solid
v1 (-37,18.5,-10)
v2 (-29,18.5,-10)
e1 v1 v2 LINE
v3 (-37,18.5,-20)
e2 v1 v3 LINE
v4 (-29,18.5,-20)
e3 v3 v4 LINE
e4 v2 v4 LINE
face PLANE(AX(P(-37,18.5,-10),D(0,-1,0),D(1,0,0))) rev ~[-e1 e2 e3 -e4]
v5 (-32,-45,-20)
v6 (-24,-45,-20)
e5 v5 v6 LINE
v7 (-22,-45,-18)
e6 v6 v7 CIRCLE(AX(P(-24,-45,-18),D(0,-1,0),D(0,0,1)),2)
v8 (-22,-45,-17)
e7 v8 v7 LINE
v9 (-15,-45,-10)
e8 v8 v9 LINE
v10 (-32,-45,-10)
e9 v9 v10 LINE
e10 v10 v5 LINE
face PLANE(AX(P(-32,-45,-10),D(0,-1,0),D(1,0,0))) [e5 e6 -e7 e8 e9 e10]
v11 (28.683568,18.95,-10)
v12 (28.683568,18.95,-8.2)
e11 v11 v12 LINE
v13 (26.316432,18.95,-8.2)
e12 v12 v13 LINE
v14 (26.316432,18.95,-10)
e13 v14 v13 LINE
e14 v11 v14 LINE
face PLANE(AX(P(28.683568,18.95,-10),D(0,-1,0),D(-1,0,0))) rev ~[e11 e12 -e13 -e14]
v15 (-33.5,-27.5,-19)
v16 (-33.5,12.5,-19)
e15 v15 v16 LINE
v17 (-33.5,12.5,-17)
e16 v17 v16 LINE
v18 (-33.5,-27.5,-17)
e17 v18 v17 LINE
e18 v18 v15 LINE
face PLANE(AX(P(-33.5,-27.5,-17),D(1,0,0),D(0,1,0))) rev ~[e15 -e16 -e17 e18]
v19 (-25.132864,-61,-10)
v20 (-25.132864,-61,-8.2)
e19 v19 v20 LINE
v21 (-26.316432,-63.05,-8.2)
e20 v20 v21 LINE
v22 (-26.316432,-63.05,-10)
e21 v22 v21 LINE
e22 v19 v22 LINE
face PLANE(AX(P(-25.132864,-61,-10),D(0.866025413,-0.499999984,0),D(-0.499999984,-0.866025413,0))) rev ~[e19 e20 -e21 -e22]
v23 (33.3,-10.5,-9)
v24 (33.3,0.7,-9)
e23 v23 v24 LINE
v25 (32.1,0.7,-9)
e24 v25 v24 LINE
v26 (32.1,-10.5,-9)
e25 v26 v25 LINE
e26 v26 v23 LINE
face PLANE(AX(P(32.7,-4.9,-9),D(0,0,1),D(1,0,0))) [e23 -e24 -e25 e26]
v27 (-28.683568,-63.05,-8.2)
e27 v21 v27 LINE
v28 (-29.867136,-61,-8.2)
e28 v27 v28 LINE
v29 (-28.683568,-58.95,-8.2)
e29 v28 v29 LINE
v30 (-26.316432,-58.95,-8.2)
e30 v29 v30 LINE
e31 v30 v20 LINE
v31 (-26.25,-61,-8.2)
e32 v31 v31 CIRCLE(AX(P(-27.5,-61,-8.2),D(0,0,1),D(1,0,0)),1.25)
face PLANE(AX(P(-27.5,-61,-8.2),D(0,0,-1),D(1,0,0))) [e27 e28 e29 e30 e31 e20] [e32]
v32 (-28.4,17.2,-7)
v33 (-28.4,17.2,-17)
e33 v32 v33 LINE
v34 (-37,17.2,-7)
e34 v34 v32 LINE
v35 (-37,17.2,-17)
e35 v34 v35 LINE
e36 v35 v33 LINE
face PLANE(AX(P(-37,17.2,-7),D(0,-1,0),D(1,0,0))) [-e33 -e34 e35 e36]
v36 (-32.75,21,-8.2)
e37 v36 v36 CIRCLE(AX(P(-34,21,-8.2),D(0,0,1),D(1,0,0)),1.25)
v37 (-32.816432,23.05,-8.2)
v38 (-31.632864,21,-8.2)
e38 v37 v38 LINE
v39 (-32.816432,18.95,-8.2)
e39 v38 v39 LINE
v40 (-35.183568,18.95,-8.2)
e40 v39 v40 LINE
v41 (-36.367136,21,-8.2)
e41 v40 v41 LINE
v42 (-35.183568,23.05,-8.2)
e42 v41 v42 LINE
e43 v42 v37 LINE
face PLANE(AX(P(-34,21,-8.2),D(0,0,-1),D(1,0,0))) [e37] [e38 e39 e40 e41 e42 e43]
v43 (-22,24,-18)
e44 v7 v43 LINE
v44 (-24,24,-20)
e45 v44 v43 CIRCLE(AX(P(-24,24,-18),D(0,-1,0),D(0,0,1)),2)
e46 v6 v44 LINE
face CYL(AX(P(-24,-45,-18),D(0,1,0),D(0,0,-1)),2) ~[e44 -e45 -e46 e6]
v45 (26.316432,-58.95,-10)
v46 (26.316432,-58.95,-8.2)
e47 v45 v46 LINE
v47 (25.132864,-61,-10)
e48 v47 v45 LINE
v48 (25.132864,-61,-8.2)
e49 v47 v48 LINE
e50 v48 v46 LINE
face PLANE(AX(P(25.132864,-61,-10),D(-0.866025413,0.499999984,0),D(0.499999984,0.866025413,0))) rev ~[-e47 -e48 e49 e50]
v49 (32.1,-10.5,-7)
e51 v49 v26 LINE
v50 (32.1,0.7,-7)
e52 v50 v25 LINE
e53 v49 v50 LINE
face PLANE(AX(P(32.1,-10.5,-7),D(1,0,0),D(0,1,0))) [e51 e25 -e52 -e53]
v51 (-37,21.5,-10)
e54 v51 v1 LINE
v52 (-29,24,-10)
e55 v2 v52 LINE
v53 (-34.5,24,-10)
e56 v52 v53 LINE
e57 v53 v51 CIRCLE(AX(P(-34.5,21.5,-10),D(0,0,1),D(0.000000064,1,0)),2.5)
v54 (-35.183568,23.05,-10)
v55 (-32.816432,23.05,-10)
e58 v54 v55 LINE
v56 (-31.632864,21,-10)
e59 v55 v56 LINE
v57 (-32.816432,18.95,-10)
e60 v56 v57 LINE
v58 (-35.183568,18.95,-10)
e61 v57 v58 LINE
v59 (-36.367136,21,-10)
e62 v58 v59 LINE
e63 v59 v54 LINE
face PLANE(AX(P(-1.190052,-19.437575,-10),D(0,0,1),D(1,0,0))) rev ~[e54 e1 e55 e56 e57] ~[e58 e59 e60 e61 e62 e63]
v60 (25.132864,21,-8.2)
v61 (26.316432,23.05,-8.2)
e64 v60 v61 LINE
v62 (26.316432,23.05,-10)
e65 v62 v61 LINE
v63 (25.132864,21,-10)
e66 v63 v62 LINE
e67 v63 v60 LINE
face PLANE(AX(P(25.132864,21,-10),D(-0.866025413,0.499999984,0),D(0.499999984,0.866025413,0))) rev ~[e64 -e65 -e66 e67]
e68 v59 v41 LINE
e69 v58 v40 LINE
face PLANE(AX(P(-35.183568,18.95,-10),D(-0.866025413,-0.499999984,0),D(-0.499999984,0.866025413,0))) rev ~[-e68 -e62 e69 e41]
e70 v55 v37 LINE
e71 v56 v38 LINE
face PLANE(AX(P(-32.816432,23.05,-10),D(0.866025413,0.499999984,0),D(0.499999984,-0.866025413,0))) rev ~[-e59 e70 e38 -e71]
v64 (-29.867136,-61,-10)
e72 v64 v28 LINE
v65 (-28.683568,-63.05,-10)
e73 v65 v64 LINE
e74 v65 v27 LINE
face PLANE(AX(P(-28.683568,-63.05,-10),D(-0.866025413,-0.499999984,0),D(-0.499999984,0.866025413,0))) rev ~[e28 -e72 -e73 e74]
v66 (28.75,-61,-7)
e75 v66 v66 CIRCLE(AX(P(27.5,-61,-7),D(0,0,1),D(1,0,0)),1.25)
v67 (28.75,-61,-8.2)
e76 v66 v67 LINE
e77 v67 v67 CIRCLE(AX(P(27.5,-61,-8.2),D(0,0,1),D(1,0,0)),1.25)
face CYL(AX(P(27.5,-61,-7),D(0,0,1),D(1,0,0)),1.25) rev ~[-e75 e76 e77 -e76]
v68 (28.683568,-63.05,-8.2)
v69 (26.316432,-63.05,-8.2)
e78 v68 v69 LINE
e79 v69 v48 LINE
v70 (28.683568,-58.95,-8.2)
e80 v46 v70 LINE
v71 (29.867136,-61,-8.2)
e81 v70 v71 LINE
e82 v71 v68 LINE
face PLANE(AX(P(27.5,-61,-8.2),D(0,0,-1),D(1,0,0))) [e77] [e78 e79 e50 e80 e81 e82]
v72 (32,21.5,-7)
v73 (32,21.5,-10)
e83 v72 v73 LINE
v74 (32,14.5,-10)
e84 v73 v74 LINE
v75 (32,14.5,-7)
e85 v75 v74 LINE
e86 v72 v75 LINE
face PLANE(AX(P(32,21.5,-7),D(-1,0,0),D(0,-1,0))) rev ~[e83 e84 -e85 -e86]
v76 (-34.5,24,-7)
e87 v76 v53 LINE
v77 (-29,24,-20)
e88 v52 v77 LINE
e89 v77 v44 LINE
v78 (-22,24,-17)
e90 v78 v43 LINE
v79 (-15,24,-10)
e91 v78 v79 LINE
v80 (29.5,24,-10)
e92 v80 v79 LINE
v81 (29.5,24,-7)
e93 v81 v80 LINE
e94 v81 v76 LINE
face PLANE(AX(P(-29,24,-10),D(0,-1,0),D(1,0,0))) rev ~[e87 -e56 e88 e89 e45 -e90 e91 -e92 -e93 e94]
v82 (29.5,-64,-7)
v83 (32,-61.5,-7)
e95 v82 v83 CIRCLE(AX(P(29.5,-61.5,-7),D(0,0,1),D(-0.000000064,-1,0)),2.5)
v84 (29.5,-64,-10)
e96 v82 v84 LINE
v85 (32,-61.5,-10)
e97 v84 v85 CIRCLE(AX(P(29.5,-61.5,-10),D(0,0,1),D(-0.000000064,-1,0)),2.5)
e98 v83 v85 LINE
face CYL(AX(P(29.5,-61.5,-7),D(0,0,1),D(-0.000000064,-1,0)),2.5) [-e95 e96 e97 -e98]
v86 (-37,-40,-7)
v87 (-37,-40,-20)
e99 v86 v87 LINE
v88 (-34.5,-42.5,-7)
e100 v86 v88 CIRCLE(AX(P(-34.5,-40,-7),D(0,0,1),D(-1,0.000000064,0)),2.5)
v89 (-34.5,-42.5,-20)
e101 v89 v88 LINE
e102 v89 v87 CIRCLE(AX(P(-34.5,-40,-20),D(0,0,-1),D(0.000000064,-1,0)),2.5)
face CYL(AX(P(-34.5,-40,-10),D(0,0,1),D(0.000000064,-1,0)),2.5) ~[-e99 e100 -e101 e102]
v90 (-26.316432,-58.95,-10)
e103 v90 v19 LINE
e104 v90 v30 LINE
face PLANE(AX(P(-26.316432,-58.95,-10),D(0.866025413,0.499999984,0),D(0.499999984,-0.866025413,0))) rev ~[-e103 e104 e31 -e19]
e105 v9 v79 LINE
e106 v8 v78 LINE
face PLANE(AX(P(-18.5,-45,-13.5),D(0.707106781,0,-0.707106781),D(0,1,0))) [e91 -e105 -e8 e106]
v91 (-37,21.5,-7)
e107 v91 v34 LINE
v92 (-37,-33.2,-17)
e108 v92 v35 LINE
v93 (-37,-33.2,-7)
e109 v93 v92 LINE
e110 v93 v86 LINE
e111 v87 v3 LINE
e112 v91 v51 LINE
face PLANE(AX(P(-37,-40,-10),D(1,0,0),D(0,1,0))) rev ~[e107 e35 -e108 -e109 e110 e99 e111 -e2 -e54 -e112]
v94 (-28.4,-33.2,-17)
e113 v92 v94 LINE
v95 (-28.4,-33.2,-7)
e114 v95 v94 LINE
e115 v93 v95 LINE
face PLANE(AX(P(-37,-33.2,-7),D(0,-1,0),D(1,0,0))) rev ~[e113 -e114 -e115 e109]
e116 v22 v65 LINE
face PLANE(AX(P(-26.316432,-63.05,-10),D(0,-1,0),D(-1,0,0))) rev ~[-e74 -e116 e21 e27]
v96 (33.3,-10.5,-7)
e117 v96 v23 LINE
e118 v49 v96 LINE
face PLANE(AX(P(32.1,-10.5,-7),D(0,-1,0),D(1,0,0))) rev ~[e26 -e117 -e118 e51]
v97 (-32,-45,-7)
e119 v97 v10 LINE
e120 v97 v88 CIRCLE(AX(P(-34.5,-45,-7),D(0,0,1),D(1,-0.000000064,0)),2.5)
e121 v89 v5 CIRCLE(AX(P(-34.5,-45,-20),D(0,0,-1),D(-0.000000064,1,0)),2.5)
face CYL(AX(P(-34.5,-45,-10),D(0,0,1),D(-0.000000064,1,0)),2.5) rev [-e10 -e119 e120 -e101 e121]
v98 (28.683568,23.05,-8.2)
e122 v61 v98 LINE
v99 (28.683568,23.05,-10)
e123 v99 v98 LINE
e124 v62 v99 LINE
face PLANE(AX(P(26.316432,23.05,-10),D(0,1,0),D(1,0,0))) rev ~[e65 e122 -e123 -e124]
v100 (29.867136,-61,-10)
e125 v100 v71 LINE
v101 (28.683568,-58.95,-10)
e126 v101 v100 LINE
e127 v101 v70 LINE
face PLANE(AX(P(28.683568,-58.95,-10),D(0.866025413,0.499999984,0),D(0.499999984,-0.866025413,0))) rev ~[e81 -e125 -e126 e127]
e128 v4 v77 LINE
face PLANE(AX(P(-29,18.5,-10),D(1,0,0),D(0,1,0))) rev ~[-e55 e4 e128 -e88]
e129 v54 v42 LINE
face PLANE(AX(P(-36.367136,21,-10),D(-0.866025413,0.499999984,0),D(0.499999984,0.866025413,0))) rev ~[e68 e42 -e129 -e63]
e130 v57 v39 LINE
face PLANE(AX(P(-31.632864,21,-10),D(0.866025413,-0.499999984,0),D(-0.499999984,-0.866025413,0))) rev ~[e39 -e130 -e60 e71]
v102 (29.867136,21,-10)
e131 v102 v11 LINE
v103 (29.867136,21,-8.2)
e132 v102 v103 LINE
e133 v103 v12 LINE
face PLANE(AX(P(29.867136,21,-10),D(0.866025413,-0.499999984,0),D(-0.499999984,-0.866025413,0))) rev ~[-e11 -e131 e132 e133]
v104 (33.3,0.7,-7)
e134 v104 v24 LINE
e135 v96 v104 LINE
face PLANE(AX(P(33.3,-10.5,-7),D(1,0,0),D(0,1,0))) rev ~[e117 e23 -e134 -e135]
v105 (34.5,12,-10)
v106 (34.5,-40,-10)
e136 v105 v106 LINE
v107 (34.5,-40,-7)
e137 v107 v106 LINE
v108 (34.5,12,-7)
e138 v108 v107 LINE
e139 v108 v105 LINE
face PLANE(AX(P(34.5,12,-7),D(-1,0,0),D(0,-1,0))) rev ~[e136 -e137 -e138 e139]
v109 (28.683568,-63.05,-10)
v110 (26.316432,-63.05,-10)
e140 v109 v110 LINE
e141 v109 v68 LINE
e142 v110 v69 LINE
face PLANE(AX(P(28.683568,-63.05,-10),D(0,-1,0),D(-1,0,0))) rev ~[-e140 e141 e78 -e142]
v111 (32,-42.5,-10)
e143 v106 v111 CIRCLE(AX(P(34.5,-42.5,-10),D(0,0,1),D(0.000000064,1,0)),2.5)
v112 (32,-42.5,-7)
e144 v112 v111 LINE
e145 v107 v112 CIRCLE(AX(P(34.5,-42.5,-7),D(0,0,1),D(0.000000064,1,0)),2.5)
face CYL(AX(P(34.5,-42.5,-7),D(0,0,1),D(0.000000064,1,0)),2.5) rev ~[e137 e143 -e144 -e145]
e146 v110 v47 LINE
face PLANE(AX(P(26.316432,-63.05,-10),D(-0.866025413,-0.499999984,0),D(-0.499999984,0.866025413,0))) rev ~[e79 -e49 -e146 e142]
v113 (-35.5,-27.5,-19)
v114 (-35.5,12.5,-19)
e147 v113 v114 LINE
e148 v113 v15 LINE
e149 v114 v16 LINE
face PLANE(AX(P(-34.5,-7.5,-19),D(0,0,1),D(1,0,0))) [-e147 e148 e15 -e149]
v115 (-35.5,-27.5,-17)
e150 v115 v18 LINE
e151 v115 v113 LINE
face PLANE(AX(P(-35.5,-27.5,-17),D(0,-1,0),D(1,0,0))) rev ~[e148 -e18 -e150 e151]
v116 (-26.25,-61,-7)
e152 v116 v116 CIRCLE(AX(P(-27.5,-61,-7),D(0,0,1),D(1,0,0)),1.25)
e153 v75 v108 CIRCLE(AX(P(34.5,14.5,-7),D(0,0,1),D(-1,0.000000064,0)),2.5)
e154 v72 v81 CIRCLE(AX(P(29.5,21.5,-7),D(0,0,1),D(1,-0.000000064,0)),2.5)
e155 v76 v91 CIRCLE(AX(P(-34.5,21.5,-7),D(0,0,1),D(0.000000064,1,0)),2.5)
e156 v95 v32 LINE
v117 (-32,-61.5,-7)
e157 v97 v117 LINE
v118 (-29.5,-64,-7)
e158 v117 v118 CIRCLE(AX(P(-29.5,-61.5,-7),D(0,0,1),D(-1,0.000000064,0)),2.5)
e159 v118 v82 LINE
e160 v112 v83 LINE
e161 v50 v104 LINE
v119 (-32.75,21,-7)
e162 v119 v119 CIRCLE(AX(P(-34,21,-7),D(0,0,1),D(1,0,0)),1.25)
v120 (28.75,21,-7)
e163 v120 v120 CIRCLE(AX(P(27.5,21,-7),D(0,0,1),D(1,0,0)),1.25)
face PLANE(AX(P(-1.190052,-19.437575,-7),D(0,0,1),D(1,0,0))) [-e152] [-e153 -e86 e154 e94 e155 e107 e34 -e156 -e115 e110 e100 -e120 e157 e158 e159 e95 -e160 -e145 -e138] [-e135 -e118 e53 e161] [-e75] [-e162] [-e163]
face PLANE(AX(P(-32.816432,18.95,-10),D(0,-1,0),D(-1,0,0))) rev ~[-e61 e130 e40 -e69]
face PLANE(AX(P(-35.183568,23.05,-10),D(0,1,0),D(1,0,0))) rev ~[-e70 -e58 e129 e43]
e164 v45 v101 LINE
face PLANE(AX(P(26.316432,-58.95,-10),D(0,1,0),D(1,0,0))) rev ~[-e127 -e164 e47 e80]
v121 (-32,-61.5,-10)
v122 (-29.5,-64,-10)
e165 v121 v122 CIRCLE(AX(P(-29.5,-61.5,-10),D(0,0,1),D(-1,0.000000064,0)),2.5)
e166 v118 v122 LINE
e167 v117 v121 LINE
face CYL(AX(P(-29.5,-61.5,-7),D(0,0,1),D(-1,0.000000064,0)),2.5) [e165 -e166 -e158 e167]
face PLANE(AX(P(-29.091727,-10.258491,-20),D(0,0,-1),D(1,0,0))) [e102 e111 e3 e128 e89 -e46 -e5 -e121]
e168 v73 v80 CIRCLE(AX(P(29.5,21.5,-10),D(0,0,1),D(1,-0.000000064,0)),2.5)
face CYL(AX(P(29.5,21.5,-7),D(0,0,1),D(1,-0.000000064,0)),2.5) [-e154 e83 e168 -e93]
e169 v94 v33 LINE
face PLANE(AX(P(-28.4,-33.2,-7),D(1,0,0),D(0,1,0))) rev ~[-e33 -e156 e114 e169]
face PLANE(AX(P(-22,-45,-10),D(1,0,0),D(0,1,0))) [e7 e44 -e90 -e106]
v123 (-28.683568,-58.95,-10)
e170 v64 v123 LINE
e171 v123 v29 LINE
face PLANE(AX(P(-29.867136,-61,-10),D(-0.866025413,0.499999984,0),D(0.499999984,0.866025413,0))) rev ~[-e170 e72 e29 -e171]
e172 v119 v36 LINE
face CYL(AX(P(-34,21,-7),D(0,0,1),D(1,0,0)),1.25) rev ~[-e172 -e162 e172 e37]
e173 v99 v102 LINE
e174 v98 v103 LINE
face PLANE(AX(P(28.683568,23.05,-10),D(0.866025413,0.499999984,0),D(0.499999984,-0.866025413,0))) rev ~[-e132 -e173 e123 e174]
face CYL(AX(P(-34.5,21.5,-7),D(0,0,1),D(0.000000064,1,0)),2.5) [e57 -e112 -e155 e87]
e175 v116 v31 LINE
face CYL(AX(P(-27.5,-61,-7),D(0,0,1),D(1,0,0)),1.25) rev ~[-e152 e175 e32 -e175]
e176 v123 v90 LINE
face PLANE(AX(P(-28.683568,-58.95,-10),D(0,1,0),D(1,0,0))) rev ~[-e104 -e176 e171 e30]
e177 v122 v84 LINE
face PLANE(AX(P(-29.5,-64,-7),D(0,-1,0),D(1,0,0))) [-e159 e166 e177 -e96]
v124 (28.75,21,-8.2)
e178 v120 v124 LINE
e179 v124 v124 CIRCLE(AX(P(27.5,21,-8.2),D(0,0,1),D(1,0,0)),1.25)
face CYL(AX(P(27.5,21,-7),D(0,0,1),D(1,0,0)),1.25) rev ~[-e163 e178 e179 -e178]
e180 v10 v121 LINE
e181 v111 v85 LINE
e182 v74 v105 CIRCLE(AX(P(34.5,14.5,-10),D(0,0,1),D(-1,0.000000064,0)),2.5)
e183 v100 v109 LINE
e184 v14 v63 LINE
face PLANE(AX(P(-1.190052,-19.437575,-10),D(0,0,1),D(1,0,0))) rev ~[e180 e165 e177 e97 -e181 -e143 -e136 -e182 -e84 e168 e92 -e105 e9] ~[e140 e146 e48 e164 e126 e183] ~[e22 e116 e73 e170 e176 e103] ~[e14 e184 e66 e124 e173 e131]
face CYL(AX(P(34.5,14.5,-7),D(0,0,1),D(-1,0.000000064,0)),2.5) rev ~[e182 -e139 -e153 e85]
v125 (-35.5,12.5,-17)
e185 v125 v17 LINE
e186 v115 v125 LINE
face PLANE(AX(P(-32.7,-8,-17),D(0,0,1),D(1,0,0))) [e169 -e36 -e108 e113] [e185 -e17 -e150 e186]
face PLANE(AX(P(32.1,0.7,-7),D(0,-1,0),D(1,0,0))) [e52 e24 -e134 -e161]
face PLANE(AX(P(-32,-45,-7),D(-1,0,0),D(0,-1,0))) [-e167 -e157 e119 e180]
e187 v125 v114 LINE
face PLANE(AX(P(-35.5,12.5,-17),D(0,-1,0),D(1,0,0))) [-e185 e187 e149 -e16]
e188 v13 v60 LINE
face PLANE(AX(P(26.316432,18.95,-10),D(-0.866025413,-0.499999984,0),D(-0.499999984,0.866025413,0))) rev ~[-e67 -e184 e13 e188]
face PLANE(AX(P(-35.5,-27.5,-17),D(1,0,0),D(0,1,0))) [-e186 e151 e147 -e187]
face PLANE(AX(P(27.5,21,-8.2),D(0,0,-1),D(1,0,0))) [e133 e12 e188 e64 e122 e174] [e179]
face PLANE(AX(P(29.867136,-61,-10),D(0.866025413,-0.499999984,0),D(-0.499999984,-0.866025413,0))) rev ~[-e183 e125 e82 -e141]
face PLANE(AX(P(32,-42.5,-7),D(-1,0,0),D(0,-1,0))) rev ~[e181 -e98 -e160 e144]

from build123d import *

# Parameters (mm, degrees)
PAD021_DEPTH         = 3
SKETCH045_R          = 1.25
POCKET023_DEPTH      = 3.001
POCKET023_DEPTH_BACK = 0.001
POCKET024_DEPTH      = 1.8
PAD022_DEPTH         = 10
SKETCH048_W          = 8.6
SKETCH048_H          = 50.4
POCKET025_DEPTH      = 10
SKETCH049_W          = 2
SKETCH049_H          = 40
POCKET026_DEPTH      = 2
SKETCH050_W          = 1.2
SKETCH050_H          = 11.2
POCKET027_DEPTH      = 2
CHAMFER_SIZE         = 7
FILLET_R             = 2


with BuildPart() as part:
    # Sketch044 → Pad021 (new body)
    with BuildSketch(Plane.XY):
        with BuildLine():
            Line((-29.5, -64), (29.5, -64))
            ThreePointArc((29.5, -64), (31.267767, -63.267767), (32, -61.5))
            Line((32, -42.5), (32, -61.5))
            ThreePointArc((34.5, -40), (32.732233, -40.732233), (32, -42.5))
            Line((34.5, 12), (34.5, -40))
            ThreePointArc((32, 14.5), (32.732233, 12.732233), (34.5, 12))
            Line((32, 21.5), (32, 14.5))
            ThreePointArc((32, 21.5), (31.267767, 23.267767), (29.5, 24))
            Line((29.5, 24), (-34.5, 24))
            ThreePointArc((-34.5, 24), (-36.267767, 23.267767), (-37, 21.5))
            Line((-37, 21.5), (-37, -40))
            ThreePointArc((-37, -40), (-36.267767, -41.767767), (-34.5, -42.5))
            ThreePointArc((-32, -45), (-32.732233, -43.232233), (-34.5, -42.5))
            Line((-32, -45), (-32, -61.5))
            ThreePointArc((-32, -61.5), (-31.267767, -63.267767), (-29.5, -64))
        make_face()
    extrude(amount=-PAD021_DEPTH)

    # Sketch045 → Pocket023 (cut, two sides)
    with BuildSketch(Plane.XY) as pocket023_sk:
        with Locations((-34, 21)):
            Circle(SKETCH045_R)
        with Locations((27.5, 21)):
            Circle(SKETCH045_R)
        with Locations((27.5, -61)):
            Circle(SKETCH045_R)
        with Locations((-27.5, -61)):
            Circle(SKETCH045_R)
    extrude(amount=-POCKET023_DEPTH, mode=Mode.SUBTRACT)
    extrude(pocket023_sk.sketch, amount=POCKET023_DEPTH_BACK, mode=Mode.SUBTRACT)

    # Sketch046 (on Face5 of Pocket023) → Pocket024 (cut)
    with BuildSketch(Plane(origin=(0, 0, -3), x_dir=(1, 0, 0), z_dir=(0, 0, -1))):
        Polygon((-25.132864, 61), (-26.316432, 63.05), (-28.683568, 63.05), (-29.867136, 61), (-28.683568, 58.95), (-26.316432, 58.95), align=None)
        Polygon((29.867136, 61), (28.683568, 63.05), (26.316432, 63.05), (25.132864, 61), (26.316432, 58.95), (28.683568, 58.95), align=None)
        Polygon((-31.632864, -21), (-32.816432, -18.95), (-35.183568, -18.95), (-36.367136, -21), (-35.183568, -23.05), (-32.816432, -23.05), align=None)
        Polygon((29.867136, -21), (28.683568, -18.95), (26.316432, -18.95), (25.132864, -21), (26.316432, -23.05), (28.683568, -23.05), align=None)
    extrude(amount=-POCKET024_DEPTH, mode=Mode.SUBTRACT)

    # Sketch047 (on Face5 of Pocket024) → Pad022 (join)
    with BuildSketch(Plane(origin=(0, 0, -3), x_dir=(1, 0, 0), z_dir=(0, 0, -1))):
        with BuildLine():
            ThreePointArc((-34.5, 42.5), (-36.267767, 41.767767), (-37, 40))
            Line((-37, 40), (-37, -18.5))
            Line((-37, -18.5), (-29, -18.5))
            Line((-29, -18.5), (-29, -24))
            Line((-29, -24), (-22, -24))
            Line((-22, 45), (-22, -24))
            Line((-32, 45), (-22, 45))
            ThreePointArc((-34.5, 42.5), (-32.732233, 43.232233), (-32, 45))
        make_face()
    extrude(amount=PAD022_DEPTH)

    # Sketch048 → Pocket025 (cut)
    with BuildSketch(Plane.XY):
        with Locations((-32.7, -8)):
            Rectangle(SKETCH048_W, SKETCH048_H)
    extrude(amount=-POCKET025_DEPTH, mode=Mode.SUBTRACT)

    # Sketch049 (on Face50 of Pocket025) → Pocket026 (cut)
    with BuildSketch(Plane.XY.offset(-10)):
        with Locations((-34.5, -7.5)):
            Rectangle(SKETCH049_W, SKETCH049_H)
    extrude(amount=-POCKET026_DEPTH, mode=Mode.SUBTRACT)

    # Sketch050 → Pocket027 (cut)
    with BuildSketch(Plane.XY):
        with Locations((32.7, -4.9)):
            Rectangle(SKETCH050_W, SKETCH050_H)
    extrude(amount=-POCKET027_DEPTH, mode=Mode.SUBTRACT)

    # Chamfer
    chamfer_edges = [part.edges().sort_by_distance(p)[0] for p in [
        (-22, -10.5, -3),
    ]]
    chamfer(chamfer_edges, length=CHAMFER_SIZE)

    # Fillet
    fillet_edges = [part.edges().sort_by_distance(p)[0] for p in [
        (-22, -10.5, -13),
    ]]
    fillet(fillet_edges, radius=FILLET_R)


with BuildPart() as part_1:
    # Body006 placement: moved
    add(part.part.moved(Location((0, 0, -7))))


solid = part_1.part
